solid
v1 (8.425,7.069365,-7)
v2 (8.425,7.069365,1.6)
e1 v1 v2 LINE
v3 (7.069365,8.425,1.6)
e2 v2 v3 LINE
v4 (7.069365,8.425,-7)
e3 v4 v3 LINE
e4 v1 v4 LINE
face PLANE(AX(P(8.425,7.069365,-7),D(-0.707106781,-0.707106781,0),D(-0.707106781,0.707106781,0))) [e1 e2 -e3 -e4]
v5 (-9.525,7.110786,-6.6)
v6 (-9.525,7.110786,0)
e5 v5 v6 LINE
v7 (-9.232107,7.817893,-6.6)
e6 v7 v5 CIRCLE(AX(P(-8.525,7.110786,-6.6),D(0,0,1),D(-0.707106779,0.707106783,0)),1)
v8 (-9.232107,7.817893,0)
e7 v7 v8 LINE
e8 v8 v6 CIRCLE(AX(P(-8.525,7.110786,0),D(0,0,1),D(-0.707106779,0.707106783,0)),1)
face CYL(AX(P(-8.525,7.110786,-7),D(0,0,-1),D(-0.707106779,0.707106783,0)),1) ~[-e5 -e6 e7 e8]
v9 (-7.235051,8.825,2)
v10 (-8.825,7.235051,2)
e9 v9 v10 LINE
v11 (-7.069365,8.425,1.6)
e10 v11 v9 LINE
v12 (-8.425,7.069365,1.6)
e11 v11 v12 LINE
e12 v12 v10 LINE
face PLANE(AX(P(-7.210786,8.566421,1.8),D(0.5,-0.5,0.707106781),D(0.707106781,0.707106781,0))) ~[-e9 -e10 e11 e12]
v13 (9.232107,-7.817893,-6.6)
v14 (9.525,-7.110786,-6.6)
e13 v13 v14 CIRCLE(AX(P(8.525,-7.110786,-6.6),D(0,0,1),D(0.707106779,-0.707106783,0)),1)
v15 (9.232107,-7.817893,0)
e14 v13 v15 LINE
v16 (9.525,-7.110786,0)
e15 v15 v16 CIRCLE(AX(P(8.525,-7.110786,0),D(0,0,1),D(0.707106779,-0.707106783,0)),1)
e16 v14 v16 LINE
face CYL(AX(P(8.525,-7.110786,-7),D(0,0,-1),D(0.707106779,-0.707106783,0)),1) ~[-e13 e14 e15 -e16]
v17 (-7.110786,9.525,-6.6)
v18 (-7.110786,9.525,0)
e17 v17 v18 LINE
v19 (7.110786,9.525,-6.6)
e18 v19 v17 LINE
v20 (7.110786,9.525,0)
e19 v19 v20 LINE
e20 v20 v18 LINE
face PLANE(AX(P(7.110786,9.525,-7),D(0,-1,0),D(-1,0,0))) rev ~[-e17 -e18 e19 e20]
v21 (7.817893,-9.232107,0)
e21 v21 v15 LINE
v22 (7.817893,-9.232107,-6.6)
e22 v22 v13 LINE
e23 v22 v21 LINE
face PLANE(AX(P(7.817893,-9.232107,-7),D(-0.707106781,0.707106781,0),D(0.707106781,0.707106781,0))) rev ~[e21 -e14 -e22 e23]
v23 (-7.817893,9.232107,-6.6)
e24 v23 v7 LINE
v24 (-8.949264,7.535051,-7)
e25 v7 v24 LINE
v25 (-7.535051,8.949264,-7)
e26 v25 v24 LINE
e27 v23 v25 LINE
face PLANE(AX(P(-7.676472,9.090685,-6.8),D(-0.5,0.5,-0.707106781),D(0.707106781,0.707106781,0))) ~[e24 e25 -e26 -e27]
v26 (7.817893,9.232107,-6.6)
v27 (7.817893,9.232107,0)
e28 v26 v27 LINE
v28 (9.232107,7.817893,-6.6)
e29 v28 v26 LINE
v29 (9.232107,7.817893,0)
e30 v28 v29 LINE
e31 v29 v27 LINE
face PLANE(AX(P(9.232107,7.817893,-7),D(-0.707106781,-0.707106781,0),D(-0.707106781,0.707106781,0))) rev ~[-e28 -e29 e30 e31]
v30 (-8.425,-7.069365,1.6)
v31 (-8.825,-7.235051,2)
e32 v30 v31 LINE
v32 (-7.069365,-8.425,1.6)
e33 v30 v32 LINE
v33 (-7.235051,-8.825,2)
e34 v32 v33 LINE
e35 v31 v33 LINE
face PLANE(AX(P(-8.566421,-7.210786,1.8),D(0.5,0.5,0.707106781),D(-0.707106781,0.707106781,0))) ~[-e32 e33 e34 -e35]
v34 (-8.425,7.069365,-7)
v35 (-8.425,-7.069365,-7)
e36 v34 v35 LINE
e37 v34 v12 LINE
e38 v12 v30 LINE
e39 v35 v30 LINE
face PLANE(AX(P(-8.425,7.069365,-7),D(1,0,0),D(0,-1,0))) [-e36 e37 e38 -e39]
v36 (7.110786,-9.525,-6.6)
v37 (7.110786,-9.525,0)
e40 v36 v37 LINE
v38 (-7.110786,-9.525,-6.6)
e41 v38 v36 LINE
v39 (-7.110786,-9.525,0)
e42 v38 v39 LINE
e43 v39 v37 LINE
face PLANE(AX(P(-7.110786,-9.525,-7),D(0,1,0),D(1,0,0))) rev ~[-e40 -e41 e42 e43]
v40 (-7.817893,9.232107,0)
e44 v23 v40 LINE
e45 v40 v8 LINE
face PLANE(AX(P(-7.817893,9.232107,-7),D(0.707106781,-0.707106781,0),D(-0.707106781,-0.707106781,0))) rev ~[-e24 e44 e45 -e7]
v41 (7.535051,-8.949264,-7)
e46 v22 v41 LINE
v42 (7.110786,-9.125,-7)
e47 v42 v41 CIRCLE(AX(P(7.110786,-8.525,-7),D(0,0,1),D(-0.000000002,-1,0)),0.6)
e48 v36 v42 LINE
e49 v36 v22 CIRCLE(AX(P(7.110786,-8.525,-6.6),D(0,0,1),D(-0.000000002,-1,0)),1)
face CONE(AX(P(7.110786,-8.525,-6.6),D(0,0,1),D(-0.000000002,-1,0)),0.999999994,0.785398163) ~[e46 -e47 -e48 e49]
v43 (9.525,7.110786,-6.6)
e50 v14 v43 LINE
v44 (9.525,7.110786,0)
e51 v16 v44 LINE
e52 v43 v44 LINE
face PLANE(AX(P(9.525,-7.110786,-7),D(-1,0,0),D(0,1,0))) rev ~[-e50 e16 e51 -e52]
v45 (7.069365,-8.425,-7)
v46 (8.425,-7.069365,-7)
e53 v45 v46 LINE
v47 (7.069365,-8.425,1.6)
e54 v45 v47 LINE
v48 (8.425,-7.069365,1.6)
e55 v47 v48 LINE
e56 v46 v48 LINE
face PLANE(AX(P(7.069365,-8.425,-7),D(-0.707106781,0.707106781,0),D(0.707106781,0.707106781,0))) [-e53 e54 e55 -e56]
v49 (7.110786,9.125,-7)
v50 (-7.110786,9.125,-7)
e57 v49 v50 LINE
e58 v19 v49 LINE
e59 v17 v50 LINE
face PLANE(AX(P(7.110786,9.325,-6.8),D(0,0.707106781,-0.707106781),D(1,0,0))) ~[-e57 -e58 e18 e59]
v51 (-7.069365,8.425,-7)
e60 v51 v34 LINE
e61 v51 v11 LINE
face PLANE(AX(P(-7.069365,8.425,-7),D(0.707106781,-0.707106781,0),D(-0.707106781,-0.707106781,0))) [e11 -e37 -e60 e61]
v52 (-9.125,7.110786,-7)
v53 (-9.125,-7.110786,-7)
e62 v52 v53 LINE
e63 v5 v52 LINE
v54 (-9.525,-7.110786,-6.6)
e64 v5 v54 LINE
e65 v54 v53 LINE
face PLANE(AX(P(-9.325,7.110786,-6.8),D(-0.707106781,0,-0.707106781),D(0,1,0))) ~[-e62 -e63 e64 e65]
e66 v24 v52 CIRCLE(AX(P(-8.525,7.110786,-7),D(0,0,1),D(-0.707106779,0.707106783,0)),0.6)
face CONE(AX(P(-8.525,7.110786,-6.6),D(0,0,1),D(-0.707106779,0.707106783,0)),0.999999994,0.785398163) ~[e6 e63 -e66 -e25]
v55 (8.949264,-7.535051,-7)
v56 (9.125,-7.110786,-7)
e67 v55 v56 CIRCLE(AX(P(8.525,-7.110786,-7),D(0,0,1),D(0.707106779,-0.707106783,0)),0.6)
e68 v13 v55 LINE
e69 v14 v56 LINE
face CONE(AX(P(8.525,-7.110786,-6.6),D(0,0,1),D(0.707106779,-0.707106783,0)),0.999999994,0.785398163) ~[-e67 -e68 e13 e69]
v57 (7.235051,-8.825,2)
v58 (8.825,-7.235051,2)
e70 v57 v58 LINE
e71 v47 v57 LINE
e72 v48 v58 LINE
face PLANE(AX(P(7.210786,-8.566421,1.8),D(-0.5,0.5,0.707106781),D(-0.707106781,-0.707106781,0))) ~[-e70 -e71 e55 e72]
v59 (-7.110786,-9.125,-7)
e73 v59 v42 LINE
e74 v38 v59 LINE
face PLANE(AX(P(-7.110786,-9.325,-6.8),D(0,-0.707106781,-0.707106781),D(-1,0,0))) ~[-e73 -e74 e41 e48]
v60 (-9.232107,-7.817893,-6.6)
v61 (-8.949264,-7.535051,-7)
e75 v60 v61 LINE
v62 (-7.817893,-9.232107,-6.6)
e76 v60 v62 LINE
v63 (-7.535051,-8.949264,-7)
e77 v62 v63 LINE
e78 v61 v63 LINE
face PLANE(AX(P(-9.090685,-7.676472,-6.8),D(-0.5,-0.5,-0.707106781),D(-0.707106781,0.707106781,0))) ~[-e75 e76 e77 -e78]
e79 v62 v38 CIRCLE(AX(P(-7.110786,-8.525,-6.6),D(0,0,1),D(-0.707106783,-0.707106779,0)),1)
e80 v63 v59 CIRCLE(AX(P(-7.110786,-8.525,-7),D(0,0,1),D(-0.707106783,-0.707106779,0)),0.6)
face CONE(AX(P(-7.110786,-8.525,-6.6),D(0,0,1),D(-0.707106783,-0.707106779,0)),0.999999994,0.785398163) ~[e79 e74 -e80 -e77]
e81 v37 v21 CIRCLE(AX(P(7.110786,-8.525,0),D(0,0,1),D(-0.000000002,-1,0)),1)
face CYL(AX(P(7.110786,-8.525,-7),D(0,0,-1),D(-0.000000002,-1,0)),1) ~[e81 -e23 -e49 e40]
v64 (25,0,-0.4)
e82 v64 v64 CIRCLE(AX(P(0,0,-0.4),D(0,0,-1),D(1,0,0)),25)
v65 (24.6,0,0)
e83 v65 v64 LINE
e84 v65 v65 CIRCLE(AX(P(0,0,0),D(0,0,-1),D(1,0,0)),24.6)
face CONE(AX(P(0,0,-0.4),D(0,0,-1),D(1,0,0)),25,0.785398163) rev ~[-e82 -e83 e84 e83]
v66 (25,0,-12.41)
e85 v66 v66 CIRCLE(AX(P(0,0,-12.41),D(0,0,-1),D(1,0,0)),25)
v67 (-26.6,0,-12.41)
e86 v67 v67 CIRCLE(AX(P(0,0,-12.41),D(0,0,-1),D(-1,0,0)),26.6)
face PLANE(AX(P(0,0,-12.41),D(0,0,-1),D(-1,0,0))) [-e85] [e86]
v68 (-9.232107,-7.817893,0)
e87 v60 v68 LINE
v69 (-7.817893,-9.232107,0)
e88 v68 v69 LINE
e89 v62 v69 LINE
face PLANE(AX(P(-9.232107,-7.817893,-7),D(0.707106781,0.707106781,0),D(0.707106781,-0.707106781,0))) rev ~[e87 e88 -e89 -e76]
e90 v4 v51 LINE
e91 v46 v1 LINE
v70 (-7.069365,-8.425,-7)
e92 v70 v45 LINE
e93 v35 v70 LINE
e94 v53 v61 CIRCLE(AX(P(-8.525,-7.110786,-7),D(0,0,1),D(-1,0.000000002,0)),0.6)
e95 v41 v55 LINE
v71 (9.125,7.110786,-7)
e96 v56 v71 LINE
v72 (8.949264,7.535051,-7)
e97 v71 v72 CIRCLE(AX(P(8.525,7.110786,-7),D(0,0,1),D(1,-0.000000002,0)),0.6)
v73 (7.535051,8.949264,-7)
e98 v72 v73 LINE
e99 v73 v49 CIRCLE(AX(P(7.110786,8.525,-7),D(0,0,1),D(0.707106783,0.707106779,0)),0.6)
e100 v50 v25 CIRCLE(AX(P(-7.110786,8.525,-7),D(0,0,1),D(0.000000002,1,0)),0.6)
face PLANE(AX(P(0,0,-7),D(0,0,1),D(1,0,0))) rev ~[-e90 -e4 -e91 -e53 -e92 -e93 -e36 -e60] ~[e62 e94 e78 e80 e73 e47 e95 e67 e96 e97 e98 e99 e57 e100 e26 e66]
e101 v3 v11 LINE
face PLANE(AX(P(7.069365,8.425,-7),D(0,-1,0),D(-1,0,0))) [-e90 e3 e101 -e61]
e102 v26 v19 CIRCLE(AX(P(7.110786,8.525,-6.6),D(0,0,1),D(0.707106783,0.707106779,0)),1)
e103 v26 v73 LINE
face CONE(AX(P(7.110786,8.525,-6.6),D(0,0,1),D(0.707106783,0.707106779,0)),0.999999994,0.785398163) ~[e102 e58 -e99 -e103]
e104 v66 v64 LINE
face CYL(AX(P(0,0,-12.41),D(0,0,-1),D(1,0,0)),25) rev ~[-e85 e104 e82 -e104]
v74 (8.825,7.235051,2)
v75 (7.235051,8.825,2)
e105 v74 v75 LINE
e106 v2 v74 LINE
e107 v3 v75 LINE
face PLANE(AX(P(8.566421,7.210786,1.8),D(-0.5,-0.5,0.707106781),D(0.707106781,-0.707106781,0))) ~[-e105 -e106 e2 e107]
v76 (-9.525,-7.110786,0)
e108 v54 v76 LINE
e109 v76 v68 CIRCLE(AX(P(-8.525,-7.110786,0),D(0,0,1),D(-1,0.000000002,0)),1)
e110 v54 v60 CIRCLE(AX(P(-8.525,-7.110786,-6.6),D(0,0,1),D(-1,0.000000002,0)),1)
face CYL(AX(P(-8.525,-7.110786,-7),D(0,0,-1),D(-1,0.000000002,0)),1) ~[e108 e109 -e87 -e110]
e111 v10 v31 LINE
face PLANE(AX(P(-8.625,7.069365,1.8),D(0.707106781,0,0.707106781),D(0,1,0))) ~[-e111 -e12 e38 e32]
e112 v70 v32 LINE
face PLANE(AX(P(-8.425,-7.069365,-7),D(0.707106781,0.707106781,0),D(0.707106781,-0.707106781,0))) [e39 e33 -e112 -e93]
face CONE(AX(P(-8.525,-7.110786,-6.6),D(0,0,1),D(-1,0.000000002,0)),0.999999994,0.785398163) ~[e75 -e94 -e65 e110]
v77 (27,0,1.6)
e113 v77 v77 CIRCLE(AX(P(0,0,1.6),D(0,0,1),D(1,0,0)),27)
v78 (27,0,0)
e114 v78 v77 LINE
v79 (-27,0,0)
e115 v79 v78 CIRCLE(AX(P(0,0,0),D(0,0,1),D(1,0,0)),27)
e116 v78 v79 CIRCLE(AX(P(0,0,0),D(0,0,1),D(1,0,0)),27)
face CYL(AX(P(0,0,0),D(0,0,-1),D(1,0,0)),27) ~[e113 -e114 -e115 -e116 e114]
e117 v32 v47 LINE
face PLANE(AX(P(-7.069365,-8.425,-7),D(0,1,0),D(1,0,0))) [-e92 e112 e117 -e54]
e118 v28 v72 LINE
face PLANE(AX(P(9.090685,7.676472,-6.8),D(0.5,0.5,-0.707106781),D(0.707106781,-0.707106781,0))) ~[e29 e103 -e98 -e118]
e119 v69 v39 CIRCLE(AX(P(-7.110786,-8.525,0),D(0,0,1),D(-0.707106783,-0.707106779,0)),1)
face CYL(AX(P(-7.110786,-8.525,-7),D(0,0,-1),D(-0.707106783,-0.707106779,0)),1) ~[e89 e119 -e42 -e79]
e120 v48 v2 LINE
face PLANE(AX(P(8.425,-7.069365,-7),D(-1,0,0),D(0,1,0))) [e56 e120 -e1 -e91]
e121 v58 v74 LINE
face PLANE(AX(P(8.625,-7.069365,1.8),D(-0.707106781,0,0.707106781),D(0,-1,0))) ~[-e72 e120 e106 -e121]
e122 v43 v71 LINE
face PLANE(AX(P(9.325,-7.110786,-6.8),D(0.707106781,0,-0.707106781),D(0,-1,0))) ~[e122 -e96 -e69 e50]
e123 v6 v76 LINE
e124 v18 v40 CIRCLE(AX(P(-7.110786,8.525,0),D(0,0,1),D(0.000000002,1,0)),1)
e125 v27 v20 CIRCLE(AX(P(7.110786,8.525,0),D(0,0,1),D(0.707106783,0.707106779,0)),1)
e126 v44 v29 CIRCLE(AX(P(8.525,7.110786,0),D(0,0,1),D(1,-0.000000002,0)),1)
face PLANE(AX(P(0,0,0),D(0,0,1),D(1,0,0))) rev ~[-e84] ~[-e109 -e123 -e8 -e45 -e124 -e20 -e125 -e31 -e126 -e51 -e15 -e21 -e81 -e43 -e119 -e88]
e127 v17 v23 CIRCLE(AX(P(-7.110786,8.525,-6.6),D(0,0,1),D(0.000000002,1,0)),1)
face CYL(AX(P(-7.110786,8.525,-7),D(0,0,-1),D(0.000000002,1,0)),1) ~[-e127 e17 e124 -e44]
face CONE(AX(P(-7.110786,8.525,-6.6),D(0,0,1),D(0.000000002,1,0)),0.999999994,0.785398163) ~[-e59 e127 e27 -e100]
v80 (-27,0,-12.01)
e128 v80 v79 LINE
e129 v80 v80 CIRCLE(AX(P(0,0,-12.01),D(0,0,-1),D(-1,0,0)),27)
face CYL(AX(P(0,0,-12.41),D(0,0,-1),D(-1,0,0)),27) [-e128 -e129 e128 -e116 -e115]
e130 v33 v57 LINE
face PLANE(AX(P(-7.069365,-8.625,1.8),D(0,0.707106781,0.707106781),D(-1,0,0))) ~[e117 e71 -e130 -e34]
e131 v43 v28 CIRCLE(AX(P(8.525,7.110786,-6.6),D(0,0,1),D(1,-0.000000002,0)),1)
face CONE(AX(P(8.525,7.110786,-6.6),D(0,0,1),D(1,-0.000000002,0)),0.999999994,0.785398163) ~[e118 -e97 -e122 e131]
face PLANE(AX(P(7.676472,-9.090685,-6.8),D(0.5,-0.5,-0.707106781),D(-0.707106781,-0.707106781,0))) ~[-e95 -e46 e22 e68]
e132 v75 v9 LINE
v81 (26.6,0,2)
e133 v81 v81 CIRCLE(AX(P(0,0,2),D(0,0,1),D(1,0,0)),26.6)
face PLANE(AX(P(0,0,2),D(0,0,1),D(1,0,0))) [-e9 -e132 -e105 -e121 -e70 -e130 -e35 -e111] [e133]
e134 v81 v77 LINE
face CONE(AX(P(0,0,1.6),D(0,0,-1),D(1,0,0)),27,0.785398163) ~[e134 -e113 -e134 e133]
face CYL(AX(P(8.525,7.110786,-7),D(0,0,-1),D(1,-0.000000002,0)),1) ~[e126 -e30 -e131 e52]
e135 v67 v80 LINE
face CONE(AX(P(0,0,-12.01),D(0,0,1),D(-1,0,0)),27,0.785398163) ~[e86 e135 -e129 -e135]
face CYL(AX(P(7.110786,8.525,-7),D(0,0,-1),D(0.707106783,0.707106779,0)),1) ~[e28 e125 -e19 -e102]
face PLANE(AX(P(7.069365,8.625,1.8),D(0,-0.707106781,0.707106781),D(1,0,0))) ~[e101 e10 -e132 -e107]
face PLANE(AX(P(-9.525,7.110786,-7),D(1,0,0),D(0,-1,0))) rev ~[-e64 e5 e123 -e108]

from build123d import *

# Parameters (mm, degrees)
SKETCH1_R           = 27
BOSS_EXTRUDE1_DEPTH = 2
BOSS_EXTRUDE2_START = 12.41
SKETCH2_R           = 27
SKETCH2_R_2         = 25
BOSS_EXTRUDE2_DEPTH = 12.41
BOSS_EXTRUDE3_START = -9
BOSS_EXTRUDE3_DEPTH = 9
CHAMFER1_SIZE       = 0.4


with BuildPart() as part:
    # Sketch1 → Boss-Extrude1 (new body)
    with BuildSketch(Plane.XY):
        Circle(SKETCH1_R)
        with BuildLine():
            Line((-9.232106781, -7.817893219), (-7.817893219, -9.232106781))
            ThreePointArc((-7.817893219, -9.232106781), (-7.49346987, -9.448879533), (-7.110786438, -9.525))
            Line((-7.110786438, -9.525), (7.110786438, -9.525))
            ThreePointArc((7.110786438, -9.525), (7.49346987, -9.448879533), (7.817893219, -9.232106781))
            Line((7.817893219, -9.232106781), (9.232106781, -7.817893219))
            ThreePointArc((9.232106781, -7.817893219), (9.448879533, -7.49346987), (9.525, -7.110786438))
            Line((9.525, -7.110786438), (9.525, 7.110786438))
            ThreePointArc((9.525, 7.110786438), (9.448879533, 7.49346987), (9.232106781, 7.817893219))
            Line((9.232106781, 7.817893219), (7.817893219, 9.232106781))
            ThreePointArc((7.817893219, 9.232106781), (7.49346987, 9.448879533), (7.110786438, 9.525))
            Line((7.110786438, 9.525), (-7.110786438, 9.525))
            ThreePointArc((-7.110786438, 9.525), (-7.49346987, 9.448879533), (-7.817893219, 9.232106781))
            Line((-7.817893219, 9.232106781), (-9.232106781, 7.817893219))
            ThreePointArc((-9.232106781, 7.817893219), (-9.448879533, 7.49346987), (-9.525, 7.110786438))
            Line((-9.525, 7.110786438), (-9.525, -7.110786438))
            ThreePointArc((-9.525, -7.110786438), (-9.448879533, -7.49346987), (-9.232106781, -7.817893219))
        make_face(mode=Mode.SUBTRACT)
    extrude(amount=BOSS_EXTRUDE1_DEPTH)

    # Sketch2 → Boss-Extrude2 (add)
    with BuildSketch(Plane(origin=(0, 0, 0), x_dir=(-1, 0, 0), z_dir=(0, 0, -1)).offset(BOSS_EXTRUDE2_START)):
        Circle(SKETCH2_R)
        with Locations(Location((0, 0, 0), (0, 0, 180))):
            Circle(SKETCH2_R_2, mode=Mode.SUBTRACT)
    extrude(amount=-BOSS_EXTRUDE2_DEPTH)

    # Sketch3 → Boss-Extrude3 (add)
    with BuildSketch(Plane.XY.offset(2).offset(BOSS_EXTRUDE3_START)):
        with BuildLine():
            Line((-7.110786438, -9.525), (7.110786438, -9.525))
            ThreePointArc((7.110786438, -9.525), (7.49346987, -9.448879533), (7.817893219, -9.232106781))
            Line((7.817893219, -9.232106781), (9.232106781, -7.817893219))
            ThreePointArc((9.232106781, -7.817893219), (9.448879533, -7.49346987), (9.525, -7.110786438))
            Line((9.525, -7.110786438), (9.525, 7.110786438))
            ThreePointArc((9.525, 7.110786438), (9.448879533, 7.49346987), (9.232106781, 7.817893219))
            Line((9.232106781, 7.817893219), (7.817893219, 9.232106781))
            ThreePointArc((7.817893219, 9.232106781), (7.49346987, 9.448879533), (7.110786438, 9.525))
            Line((7.110786438, 9.525), (-7.110786438, 9.525))
            ThreePointArc((-7.110786438, 9.525), (-7.49346987, 9.448879533), (-7.817893219, 9.232106781))
            Line((-7.817893219, 9.232106781), (-9.232106781, 7.817893219))
            ThreePointArc((-9.232106781, 7.817893219), (-9.448879533, 7.49346987), (-9.525, 7.110786438))
            Line((-9.525, 7.110786438), (-9.525, -7.110786438))
            ThreePointArc((-9.525, -7.110786438), (-9.448879533, -7.49346987), (-9.232106781, -7.817893219))
            Line((-9.232106781, -7.817893219), (-7.817893219, -9.232106781))
            ThreePointArc((-7.817893219, -9.232106781), (-7.49346987, -9.448879533), (-7.110786438, -9.525))
        make_face()
        Polygon((-7.069365081, -8.425), (7.069365081, -8.425), (8.425, -7.069365081), (8.425, 7.069365081), (7.069365081, 8.425), (-7.069365081, 8.425), (-8.425, 7.069365081), (-8.425, -7.069365081), align=None, mode=Mode.SUBTRACT)
    extrude(amount=BOSS_EXTRUDE3_DEPTH)

    # Chamfer1
    chamfer1_edges = [part.edges().sort_by_distance(p)[0] for p in [
        (-27, 0, 2),
        (-25, 0, 0),
        (27, 0, -12.41),
        (0, -9.525, -7),
        (7.49346987, -9.448879533, -7),
        (8.525, -8.525, -7),
        (9.448879533, -7.49346987, -7),
        (9.525, 0, -7),
        (9.448879533, 7.49346987, -7),
        (8.525, 8.525, -7),
        (7.49346987, 9.448879533, -7),
        (0, 9.525, -7),
        (-7.49346987, 9.448879533, -7),
        (-8.525, 8.525, -7),
        (-9.448879533, 7.49346987, -7),
        (-8.525, -8.525, -7),
        (-9.525, 0, -7),
        (-7.49346987, -9.448879533, -7),
        (-9.448879533, -7.49346987, -7),
        (-7.747182541, -7.747182541, 2),
        (-8.425, 0, 2),
        (-7.747182541, 7.747182541, 2),
        (0, 8.425, 2),
        (7.747182541, 7.747182541, 2),
        (8.425, 0, 2),
        (7.747182541, -7.747182541, 2),
        (0, -8.425, 2),
    ]]
    chamfer(chamfer1_edges, length=CHAMFER1_SIZE)


solid = part.part
